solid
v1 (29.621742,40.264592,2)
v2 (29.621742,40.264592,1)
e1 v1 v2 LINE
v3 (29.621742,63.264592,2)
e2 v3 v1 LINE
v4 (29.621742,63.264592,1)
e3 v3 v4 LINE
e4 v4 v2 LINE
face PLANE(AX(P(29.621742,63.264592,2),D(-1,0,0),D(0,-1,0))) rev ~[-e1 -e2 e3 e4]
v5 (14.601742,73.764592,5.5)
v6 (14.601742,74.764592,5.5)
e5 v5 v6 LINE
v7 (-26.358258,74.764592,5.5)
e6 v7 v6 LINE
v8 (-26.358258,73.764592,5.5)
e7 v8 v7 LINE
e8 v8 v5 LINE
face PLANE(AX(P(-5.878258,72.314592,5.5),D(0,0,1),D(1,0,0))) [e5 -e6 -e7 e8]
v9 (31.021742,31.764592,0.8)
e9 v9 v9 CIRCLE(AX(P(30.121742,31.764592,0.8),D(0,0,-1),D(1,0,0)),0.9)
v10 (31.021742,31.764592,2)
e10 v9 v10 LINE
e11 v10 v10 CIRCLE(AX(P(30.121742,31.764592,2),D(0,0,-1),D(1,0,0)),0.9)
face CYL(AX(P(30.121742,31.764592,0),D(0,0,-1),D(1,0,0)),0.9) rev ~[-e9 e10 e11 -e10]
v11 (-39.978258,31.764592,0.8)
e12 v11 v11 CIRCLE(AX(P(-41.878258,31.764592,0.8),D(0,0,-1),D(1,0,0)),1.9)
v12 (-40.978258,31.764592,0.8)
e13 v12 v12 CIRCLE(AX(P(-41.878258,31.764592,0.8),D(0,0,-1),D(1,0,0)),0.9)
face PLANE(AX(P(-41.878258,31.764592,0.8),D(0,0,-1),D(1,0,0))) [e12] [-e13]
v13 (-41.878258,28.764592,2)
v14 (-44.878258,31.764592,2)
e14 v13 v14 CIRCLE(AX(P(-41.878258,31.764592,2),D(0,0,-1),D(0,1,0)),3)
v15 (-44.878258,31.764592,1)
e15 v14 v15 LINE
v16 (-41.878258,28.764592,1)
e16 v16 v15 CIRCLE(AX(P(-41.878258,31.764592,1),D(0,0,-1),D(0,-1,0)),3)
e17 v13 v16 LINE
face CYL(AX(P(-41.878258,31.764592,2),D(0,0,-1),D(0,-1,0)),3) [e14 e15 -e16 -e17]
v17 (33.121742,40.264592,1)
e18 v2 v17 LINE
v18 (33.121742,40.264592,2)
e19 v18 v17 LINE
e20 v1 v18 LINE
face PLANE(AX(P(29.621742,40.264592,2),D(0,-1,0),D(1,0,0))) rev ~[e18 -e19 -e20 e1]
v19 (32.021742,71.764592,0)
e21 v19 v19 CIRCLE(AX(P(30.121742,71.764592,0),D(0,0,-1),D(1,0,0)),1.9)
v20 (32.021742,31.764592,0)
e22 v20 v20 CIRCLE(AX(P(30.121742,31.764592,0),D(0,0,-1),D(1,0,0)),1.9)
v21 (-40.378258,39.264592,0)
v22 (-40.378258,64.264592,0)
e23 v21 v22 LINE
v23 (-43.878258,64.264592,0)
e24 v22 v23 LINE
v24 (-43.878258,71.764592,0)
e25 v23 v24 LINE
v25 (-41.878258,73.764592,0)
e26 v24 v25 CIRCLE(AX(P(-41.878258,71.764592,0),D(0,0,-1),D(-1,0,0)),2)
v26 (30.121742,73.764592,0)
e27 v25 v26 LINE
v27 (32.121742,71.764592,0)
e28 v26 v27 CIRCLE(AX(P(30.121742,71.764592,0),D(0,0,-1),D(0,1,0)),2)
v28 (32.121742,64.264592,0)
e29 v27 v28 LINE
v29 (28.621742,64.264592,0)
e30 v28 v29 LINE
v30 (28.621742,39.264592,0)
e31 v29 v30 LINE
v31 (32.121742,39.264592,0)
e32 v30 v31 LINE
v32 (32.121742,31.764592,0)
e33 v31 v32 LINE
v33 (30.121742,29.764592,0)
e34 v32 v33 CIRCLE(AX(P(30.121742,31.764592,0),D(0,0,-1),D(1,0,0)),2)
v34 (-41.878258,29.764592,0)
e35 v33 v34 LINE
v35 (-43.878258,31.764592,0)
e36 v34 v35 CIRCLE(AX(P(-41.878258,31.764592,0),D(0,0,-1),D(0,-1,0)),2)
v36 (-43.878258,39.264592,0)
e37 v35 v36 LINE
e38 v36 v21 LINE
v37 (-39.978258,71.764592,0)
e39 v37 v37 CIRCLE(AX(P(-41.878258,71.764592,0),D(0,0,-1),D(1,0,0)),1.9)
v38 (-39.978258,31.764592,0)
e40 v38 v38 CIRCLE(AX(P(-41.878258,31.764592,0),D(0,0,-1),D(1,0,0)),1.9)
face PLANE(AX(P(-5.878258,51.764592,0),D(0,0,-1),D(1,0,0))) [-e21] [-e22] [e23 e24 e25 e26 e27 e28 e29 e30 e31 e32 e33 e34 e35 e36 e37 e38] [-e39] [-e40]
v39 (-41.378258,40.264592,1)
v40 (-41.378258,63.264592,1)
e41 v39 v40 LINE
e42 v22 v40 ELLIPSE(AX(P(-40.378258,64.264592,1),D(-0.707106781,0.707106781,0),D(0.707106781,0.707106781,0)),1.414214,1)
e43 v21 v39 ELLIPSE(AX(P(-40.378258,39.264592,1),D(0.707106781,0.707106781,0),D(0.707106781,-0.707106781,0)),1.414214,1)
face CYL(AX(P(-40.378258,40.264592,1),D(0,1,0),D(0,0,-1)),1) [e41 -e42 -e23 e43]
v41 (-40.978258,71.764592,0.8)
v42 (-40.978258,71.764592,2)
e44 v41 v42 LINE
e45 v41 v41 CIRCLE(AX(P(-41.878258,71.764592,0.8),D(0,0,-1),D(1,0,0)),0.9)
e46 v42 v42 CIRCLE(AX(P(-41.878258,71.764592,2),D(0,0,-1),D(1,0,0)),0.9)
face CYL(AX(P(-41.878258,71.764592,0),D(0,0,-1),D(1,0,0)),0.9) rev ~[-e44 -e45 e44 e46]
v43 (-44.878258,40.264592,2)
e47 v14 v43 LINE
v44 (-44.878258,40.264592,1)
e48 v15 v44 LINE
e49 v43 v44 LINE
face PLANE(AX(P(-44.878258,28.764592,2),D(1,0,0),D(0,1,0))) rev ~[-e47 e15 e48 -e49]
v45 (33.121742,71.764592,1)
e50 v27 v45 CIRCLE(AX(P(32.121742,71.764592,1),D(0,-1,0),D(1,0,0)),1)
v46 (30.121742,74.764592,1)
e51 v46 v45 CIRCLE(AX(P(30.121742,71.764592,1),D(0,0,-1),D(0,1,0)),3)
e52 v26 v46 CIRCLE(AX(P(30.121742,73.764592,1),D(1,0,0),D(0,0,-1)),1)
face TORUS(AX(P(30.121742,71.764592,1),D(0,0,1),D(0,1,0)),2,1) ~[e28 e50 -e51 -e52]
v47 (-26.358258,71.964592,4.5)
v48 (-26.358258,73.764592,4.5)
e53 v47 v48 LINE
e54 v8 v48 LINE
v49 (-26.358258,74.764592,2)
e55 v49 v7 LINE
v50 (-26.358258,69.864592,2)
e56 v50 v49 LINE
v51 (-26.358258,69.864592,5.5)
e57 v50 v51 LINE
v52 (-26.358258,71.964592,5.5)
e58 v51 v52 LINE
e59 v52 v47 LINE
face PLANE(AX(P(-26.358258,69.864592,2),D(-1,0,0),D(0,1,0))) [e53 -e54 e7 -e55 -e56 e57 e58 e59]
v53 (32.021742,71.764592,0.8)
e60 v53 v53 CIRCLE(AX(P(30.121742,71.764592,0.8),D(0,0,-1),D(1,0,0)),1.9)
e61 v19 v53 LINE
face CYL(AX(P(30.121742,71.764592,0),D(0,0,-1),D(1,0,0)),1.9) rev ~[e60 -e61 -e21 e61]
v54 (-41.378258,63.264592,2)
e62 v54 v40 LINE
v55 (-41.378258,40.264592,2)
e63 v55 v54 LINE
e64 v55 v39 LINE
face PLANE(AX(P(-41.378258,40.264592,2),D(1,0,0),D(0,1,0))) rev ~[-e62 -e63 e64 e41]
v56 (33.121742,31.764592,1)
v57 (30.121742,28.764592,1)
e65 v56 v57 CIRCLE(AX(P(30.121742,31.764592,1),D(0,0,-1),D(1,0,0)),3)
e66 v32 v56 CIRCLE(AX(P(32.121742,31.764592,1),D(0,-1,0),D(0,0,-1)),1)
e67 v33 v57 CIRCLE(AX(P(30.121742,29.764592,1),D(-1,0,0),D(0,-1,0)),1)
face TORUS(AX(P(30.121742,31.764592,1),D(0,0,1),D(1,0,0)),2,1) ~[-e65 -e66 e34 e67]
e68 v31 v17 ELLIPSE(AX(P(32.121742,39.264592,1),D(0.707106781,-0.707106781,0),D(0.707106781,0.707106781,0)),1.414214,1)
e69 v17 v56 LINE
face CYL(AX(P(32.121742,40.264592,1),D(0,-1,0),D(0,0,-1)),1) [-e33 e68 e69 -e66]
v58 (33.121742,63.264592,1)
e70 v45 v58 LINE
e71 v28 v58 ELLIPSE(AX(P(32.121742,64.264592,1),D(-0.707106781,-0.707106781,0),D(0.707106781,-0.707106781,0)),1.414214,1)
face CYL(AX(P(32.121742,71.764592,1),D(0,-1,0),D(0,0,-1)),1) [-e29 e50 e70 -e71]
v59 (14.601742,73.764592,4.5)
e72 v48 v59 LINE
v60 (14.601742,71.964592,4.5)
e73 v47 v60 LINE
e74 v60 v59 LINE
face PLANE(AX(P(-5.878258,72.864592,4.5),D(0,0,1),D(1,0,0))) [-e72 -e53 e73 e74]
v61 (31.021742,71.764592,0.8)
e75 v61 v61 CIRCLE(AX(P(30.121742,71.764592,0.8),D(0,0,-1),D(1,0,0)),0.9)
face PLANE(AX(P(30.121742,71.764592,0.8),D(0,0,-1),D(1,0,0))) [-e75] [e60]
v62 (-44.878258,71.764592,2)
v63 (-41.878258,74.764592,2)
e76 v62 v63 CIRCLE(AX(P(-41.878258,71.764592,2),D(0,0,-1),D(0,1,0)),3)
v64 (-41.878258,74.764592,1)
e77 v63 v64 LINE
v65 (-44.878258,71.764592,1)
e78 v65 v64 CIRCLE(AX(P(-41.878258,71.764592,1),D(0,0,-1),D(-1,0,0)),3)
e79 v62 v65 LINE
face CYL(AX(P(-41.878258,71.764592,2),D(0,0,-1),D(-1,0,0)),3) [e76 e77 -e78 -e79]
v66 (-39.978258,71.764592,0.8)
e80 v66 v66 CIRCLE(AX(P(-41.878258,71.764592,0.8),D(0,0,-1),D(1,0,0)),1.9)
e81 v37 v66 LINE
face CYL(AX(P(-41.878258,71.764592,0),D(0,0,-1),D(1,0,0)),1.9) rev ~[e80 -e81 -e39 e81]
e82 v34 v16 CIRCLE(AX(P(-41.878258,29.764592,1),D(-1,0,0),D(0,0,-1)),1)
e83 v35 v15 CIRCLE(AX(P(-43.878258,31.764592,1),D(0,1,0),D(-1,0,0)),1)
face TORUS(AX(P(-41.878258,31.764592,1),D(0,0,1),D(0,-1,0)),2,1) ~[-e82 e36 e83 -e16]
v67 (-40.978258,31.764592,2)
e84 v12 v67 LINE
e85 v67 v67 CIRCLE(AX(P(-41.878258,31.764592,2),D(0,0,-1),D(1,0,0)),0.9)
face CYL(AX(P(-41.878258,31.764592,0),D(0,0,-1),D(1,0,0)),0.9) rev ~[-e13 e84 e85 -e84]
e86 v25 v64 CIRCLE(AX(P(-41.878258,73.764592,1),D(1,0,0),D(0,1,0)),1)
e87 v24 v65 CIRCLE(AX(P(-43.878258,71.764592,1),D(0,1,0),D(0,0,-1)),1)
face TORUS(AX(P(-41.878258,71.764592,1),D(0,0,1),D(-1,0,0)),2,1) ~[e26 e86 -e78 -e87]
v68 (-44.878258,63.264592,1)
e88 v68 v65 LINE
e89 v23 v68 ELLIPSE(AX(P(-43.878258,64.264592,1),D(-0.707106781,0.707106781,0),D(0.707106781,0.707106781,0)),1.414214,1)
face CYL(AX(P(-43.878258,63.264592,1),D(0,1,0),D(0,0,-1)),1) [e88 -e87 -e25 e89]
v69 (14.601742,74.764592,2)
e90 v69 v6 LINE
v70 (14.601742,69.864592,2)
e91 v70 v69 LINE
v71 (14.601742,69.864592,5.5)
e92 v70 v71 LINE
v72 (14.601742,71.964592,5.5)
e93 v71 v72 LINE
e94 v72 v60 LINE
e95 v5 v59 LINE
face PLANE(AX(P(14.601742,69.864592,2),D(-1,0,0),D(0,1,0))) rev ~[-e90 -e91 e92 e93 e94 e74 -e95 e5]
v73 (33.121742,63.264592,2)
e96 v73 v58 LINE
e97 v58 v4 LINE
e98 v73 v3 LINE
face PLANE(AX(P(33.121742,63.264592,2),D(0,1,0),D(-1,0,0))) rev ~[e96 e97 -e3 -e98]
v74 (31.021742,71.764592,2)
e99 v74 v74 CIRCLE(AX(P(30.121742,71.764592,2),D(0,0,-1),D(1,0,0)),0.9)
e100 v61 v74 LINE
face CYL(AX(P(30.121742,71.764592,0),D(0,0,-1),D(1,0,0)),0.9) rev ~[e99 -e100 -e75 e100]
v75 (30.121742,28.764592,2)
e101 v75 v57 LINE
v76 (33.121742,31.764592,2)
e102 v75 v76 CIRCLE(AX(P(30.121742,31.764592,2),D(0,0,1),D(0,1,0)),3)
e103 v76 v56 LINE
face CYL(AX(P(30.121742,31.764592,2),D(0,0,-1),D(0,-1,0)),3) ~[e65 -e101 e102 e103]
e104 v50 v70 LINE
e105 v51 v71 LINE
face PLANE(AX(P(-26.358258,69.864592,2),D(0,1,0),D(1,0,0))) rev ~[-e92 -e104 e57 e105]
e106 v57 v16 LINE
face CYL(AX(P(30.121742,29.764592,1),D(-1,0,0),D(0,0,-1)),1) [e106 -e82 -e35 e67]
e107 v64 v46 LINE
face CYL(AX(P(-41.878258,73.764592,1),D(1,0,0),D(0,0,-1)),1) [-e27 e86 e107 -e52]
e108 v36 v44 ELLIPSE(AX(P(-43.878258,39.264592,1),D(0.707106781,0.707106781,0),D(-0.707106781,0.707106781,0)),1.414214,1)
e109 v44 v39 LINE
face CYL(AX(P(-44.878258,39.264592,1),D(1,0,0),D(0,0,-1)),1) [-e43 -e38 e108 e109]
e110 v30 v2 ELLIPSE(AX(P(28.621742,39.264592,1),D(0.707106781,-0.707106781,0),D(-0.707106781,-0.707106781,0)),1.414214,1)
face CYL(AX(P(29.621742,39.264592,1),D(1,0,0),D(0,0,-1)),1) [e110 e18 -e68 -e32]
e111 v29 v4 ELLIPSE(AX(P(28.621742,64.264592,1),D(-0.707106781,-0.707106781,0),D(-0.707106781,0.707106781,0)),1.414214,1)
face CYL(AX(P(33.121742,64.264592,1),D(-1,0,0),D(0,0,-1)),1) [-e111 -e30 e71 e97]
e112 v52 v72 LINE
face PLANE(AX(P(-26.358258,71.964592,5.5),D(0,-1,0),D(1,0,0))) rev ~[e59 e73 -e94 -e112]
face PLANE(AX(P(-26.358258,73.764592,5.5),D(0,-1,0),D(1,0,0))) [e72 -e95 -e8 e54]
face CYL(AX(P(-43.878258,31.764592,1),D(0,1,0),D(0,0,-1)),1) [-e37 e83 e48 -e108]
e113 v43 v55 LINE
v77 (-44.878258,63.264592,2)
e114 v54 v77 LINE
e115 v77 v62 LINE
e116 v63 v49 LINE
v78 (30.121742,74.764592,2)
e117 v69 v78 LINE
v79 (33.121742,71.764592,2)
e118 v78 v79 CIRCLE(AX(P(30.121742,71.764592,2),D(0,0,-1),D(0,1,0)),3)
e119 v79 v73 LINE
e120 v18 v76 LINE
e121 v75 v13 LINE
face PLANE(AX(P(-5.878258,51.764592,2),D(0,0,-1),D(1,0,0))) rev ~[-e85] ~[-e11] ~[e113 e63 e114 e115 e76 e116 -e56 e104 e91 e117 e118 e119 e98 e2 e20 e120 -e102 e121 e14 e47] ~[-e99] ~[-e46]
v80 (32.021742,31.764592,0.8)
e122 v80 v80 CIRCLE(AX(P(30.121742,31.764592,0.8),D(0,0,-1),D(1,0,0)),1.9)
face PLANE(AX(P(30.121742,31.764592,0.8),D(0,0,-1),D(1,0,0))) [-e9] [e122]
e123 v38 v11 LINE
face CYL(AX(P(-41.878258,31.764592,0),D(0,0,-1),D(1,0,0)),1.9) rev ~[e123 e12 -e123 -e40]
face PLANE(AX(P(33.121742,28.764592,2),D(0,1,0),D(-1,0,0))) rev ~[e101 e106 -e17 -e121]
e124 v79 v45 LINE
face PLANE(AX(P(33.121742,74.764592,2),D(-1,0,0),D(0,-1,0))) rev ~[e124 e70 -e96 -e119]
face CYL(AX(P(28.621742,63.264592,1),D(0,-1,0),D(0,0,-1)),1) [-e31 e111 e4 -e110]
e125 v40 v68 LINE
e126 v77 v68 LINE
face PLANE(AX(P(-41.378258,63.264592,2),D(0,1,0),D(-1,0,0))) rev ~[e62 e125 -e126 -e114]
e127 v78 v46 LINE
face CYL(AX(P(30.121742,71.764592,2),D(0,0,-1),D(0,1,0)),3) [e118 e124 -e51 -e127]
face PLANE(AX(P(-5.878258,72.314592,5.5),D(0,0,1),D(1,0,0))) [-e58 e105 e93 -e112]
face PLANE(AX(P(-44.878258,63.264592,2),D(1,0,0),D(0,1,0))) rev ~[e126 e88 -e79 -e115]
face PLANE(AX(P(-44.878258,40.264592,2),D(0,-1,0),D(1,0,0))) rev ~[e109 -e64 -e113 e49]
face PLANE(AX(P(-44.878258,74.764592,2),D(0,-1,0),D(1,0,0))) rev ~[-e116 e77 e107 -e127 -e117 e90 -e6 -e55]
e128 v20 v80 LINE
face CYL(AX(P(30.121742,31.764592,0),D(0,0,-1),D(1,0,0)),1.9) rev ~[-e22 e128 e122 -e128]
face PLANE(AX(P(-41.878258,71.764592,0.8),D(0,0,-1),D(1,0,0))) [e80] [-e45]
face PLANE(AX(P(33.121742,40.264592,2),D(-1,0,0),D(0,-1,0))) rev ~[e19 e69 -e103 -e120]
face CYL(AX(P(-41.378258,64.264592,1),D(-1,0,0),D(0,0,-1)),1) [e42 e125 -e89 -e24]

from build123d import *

# Parameters (mm, degrees)
F1_DEPTH  = 2
F2_R      = 3
F3_R      = 0.9
F4_DEPTH  = 2.5
F5_R      = 1
F6_W      = 40.96
F6_H      = 4.9
F7_DEPTH  = 3.5
F8_W      = 40.96
F8_H      = 1.8
F9_DEPTH  = 1
F10_ANGLE = 180
F12_R     = 1.9
F13_DEPTH = 0.8


with BuildPart() as f1:
    # F0 (on Top) → F1 (new body)
    with BuildSketch(Plane.XY):
        Polygon((33.1217415035, 28.7645919905), (-44.8782584965, 28.7645919905), (-44.8782584965, 17.2645919905), (-41.3782584965, 17.2645919905), (-41.3782584965, -5.7354080095), (-44.8782584965, -5.7354080095), (-44.8782584965, -17.2354080095), (33.1217415035, -17.2354080095), (33.1217415035, -5.7354080095), (29.6217415035, -5.7354080095), (29.6217415035, 17.2645919905), (33.1217415035, 17.2645919905), align=None)
    extrude(amount=F1_DEPTH)

    # F2
    f2_edges = [f1.edges().sort_by_distance(p)[0] for p in [
        (-44.878258, 28.764592, 1),
        (33.121742, 28.764592, 1),
        (33.121742, -17.235408, 1),
        (-44.878258, -17.235408, 1),
    ]]
    fillet(f2_edges, radius=F2_R)

    # F3 (on face) → F4 (cut)
    with BuildSketch(Plane.XY.offset(2)):
        with Locations((-41.8782584965, -14.2354080095)):
            Circle(F3_R)
        with Locations((30.1217415035, -14.2354080095)):
            Circle(F3_R)
        with Locations((30.1217415035, 25.7645919905)):
            Circle(F3_R)
        with Locations((-41.8782584965, 25.7645919905)):
            Circle(F3_R)
    extrude(amount=-F4_DEPTH, mode=Mode.SUBTRACT)

    # F5
    f5_edges = [f1.edges().sort_by_distance(p)[0] for p in [
        (33.121742, -9.985408, 2),
        (32.243062, -16.356728, 2),
        (31.371742, -5.735408, 2),
        (29.621742, 5.764592, 2),
        (31.371742, 17.264592, 2),
        (33.121742, 21.514592, 2),
        (-43.128258, 17.264592, 2),
        (-41.378258, 5.764592, 2),
        (-43.128258, -5.735408, 2),
    ]]
    fillet(f5_edges, radius=F5_R)

    # F6 (on face) → F7 (join)
    with BuildSketch(Plane(origin=(0, 0, 0), x_dir=(1, 0, 0), z_dir=(0, 0, -1))):
        with Locations((-5.8782584965, 14.7854080095)):
            Rectangle(F6_W, F6_H)
    extrude(amount=F7_DEPTH)

    # F8 (on face) → F9 (cut)
    with BuildSketch(Plane(origin=(0, 0, -3.5), x_dir=(1, 0, 0), z_dir=(0, 0, -1))):
        with Locations((-5.8782584965, 15.3354080095)):
            Rectangle(F8_W, F8_H)
    extrude(amount=-F9_DEPTH, mode=Mode.SUBTRACT)


with BuildPart() as f1_1:
    # F10: moved
    add(f1.part.rotate(Axis((-5.8782584965, 28.7645919905, 0), (1, 0, 0)), F10_ANGLE))


with BuildPart() as f1_2:
    # F11: moved
    add(f1_1.part.moved(Location((0, 0, 2))))

    # F12 (on face) → F13 (cut)
    with BuildSketch(Plane(origin=(0, 0, 0), x_dir=(1, 0, 0), z_dir=(0, 0, -1))):
        with Locations((-41.8782584965, -31.7645919905)):
            Circle(F12_R)
        with Locations((-41.8782584965, -71.7645919905)):
            Circle(F12_R)
        with Locations((30.1217415035, -71.7645919905)):
            Circle(F12_R)
        with Locations((30.1217415035, -31.7645919905)):
            Circle(F12_R)
    extrude(amount=-F13_DEPTH, mode=Mode.SUBTRACT)


solid = f1_2.part
